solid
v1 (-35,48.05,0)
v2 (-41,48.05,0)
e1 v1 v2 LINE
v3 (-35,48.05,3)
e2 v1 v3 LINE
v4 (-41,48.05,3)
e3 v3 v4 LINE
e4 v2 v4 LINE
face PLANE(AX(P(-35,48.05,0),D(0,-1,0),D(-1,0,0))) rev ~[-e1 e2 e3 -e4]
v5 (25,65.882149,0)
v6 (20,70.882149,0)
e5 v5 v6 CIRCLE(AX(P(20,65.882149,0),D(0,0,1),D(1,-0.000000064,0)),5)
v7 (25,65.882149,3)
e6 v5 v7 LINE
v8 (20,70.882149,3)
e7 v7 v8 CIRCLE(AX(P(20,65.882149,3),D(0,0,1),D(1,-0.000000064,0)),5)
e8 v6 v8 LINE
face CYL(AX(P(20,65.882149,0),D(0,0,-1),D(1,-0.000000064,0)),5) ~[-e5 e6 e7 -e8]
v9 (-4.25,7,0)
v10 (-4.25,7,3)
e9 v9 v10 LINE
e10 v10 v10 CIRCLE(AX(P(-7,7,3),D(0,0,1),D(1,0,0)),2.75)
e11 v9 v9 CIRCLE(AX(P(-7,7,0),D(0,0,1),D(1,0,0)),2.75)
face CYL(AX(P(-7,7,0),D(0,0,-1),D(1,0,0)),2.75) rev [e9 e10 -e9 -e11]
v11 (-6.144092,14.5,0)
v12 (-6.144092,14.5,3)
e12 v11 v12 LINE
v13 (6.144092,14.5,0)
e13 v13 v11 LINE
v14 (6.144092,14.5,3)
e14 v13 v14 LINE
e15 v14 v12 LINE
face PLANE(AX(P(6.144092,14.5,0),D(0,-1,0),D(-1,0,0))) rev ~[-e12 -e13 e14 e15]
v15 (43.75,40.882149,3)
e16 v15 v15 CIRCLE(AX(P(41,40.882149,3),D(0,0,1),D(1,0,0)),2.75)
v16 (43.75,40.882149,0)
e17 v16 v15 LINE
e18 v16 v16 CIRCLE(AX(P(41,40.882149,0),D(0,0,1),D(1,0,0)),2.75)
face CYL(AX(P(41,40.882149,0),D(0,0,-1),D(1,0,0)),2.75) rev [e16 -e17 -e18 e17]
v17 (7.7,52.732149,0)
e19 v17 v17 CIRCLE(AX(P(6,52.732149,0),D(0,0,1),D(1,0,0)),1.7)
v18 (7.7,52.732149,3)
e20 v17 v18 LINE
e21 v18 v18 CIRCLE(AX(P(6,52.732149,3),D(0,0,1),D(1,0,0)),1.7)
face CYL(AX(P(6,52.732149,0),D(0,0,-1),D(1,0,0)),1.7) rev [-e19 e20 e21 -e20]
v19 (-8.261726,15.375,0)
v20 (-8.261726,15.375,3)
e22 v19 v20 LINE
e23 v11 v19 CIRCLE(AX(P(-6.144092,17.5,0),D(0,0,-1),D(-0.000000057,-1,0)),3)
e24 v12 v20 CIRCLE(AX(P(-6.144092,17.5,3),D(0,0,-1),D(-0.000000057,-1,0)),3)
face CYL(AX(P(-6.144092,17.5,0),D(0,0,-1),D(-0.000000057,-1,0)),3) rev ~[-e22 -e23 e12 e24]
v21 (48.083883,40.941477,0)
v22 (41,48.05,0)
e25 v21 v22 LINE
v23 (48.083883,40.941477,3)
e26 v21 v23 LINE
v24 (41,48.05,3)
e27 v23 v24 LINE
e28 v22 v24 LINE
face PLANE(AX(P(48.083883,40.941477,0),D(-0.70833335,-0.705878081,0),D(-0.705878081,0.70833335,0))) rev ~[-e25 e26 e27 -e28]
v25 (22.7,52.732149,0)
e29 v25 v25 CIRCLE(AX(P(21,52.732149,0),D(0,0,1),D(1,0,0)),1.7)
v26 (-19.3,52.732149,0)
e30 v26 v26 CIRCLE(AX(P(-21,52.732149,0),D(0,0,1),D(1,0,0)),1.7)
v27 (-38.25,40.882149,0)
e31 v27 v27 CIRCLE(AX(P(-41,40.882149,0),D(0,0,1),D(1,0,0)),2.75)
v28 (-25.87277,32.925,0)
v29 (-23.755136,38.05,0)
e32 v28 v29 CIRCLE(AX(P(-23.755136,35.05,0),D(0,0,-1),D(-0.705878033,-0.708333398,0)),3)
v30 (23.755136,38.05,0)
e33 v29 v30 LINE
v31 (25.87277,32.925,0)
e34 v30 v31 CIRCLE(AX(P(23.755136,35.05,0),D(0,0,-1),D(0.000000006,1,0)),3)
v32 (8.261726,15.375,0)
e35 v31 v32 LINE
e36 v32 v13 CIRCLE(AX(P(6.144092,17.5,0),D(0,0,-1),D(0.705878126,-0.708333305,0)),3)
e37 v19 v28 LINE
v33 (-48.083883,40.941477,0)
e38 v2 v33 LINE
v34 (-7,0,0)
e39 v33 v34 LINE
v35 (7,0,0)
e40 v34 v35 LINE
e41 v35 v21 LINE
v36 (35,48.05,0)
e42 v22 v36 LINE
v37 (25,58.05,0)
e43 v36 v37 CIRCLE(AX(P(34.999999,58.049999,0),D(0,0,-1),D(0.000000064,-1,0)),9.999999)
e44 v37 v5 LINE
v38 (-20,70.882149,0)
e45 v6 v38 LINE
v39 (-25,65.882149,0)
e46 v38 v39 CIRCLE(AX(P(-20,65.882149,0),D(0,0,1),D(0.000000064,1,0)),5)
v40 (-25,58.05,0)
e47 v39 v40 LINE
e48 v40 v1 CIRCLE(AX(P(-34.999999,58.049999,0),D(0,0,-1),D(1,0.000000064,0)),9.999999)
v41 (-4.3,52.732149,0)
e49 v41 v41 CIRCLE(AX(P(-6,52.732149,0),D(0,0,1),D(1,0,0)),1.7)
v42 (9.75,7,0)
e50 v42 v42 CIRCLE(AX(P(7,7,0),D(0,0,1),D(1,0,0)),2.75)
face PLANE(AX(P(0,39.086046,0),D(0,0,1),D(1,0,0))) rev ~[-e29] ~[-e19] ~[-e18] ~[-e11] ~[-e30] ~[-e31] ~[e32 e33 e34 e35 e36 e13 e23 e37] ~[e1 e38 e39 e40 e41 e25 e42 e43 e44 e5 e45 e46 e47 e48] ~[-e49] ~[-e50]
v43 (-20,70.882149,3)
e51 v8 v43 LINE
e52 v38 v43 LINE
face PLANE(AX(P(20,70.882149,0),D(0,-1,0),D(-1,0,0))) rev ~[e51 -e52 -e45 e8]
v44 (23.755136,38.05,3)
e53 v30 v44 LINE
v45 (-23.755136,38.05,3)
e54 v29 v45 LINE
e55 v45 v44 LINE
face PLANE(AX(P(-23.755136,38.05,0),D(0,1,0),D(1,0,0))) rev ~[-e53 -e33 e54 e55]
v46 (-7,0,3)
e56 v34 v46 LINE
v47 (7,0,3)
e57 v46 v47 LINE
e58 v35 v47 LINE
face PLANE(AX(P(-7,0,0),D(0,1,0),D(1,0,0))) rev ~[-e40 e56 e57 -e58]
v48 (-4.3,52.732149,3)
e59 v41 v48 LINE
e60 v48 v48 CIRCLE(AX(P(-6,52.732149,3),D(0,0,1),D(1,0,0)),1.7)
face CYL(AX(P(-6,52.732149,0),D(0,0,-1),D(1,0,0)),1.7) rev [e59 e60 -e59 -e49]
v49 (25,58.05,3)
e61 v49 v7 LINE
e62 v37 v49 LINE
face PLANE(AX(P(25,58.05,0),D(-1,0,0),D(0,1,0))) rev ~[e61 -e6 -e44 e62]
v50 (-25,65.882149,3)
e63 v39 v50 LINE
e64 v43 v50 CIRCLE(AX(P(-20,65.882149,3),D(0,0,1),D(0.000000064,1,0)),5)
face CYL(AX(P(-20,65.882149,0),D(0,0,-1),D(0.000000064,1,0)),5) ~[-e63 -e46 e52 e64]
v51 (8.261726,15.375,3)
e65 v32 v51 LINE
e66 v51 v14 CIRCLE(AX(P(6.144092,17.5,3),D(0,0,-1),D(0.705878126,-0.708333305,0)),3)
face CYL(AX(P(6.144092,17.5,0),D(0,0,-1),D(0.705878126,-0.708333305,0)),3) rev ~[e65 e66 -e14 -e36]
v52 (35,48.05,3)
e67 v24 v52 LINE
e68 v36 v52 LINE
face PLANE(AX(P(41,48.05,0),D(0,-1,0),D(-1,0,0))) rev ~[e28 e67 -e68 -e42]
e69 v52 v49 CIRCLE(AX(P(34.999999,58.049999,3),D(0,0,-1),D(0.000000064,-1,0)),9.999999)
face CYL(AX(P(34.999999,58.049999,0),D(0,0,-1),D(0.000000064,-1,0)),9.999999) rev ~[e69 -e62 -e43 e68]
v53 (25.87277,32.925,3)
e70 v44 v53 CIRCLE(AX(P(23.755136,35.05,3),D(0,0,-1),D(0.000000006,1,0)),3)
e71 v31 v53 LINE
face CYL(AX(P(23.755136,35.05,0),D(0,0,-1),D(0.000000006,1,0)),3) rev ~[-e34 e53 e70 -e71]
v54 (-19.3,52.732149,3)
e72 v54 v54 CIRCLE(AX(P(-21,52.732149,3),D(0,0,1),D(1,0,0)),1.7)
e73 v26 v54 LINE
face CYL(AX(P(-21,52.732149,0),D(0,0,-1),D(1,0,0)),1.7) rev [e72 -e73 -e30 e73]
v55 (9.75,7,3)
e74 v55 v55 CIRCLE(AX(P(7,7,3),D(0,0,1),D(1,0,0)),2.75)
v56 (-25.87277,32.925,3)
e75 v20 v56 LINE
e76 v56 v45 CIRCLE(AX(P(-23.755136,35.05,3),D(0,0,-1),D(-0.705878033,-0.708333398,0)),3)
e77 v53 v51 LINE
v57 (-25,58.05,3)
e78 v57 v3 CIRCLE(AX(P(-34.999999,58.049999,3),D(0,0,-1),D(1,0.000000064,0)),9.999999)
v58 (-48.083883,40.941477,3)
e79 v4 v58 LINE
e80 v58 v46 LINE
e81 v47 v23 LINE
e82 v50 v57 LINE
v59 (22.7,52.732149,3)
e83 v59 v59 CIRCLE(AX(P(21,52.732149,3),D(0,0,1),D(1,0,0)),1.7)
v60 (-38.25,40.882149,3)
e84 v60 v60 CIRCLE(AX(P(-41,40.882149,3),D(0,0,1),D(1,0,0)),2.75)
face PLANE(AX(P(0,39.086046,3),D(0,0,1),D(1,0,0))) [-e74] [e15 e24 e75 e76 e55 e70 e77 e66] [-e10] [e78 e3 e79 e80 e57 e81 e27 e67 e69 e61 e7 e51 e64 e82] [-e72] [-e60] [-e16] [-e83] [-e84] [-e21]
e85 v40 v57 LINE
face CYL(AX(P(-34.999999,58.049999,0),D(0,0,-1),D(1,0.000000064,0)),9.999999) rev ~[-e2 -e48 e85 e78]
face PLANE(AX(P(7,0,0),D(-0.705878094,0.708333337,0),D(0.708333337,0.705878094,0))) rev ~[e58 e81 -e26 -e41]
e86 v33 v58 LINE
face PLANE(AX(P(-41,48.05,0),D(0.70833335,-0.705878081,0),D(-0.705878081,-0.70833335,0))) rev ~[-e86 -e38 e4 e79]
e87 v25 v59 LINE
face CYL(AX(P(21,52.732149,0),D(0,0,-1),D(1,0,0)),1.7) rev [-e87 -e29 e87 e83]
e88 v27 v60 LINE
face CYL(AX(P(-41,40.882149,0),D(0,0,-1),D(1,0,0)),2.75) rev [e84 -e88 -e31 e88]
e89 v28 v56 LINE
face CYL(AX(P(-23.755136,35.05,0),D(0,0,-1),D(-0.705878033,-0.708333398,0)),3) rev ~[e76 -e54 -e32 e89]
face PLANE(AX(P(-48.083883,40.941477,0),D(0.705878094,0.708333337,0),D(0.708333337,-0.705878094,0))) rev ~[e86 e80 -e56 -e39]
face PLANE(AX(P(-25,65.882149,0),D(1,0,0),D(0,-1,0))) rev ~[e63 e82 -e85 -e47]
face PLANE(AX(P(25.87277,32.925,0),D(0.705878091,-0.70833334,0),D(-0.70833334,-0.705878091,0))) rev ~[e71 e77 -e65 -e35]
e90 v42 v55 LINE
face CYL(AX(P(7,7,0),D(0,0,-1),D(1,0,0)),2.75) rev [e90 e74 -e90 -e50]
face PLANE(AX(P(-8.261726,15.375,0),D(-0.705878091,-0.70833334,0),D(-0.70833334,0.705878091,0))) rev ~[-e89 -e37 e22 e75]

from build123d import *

# Parameters (mm, degrees)
F1_R     = 2.75
F1_R_2   = 1.7
F2_DEPTH = 3


with BuildPart() as f2:
    # F1 (on Top) → F2 (new body)
    with BuildSketch(Plane.XY):
        with BuildLine():
            Line((0, 0), (7, 0))
            Line((7, 0), (48.083883, 40.941477))
            Line((48.083883, 40.941477), (41, 48.05))
            Line((41, 48.05), (35, 48.05))
            ThreePointArc((35, 48.05), (27.928932, 50.978932), (25, 58.05))
            Line((25, 58.05), (25, 65.882149))
            ThreePointArc((25, 65.882149), (23.535534, 69.417683), (20, 70.882149))
            Line((20, 70.882149), (0, 70.882149))
            Line((0, 70.882149), (-20, 70.882149))
            ThreePointArc((-20, 70.882149), (-23.535534, 69.417683), (-25, 65.882149))
            Line((-25, 65.882149), (-25, 58.05))
            ThreePointArc((-25, 58.05), (-27.928932, 50.978932), (-35, 48.05))
            Line((-35, 48.05), (-41, 48.05))
            Line((-41, 48.05), (-48.083883, 40.941477))
            Line((-48.083883, 40.941477), (-7, 0))
            Line((-7, 0), (0, 0))
        make_face()
        with Locations((-7, 7)):
            Circle(F1_R, mode=Mode.SUBTRACT)
        with Locations((7, 7)):
            Circle(F1_R, mode=Mode.SUBTRACT)
        with BuildLine():
            Line((6.144092, 14.5), (0, 14.5))
            Line((0, 14.5), (-6.144092, 14.5))
            ThreePointArc((-6.144092, 14.5), (-7.289736, 14.727366), (-8.261726, 15.375))
            Line((-8.261726, 15.375), (-25.87277, 32.925))
            ThreePointArc((-25.87277, 32.925), (-26.52777, 36.195644), (-23.755136, 38.05))
            Line((-23.755136, 38.05), (0, 38.05))
            Line((0, 38.05), (23.755136, 38.05))
            ThreePointArc((23.755136, 38.05), (26.52777, 36.195644), (25.87277, 32.925))
            Line((25.87277, 32.925), (8.261726, 15.375))
            ThreePointArc((8.261726, 15.375), (7.289736, 14.727366), (6.144092, 14.5))
        make_face(mode=Mode.SUBTRACT)
        with Locations((-41, 40.882149)):
            Circle(F1_R, mode=Mode.SUBTRACT)
        with Locations((-21, 52.732149)):
            Circle(F1_R_2, mode=Mode.SUBTRACT)
        with Locations((-6, 52.732149)):
            Circle(F1_R_2, mode=Mode.SUBTRACT)
        with Locations((6, 52.732149)):
            Circle(F1_R_2, mode=Mode.SUBTRACT)
        with Locations((21, 52.732149)):
            Circle(F1_R_2, mode=Mode.SUBTRACT)
        with Locations((41, 40.882149)):
            Circle(F1_R, mode=Mode.SUBTRACT)
    extrude(amount=F2_DEPTH)


solid = f2.part
